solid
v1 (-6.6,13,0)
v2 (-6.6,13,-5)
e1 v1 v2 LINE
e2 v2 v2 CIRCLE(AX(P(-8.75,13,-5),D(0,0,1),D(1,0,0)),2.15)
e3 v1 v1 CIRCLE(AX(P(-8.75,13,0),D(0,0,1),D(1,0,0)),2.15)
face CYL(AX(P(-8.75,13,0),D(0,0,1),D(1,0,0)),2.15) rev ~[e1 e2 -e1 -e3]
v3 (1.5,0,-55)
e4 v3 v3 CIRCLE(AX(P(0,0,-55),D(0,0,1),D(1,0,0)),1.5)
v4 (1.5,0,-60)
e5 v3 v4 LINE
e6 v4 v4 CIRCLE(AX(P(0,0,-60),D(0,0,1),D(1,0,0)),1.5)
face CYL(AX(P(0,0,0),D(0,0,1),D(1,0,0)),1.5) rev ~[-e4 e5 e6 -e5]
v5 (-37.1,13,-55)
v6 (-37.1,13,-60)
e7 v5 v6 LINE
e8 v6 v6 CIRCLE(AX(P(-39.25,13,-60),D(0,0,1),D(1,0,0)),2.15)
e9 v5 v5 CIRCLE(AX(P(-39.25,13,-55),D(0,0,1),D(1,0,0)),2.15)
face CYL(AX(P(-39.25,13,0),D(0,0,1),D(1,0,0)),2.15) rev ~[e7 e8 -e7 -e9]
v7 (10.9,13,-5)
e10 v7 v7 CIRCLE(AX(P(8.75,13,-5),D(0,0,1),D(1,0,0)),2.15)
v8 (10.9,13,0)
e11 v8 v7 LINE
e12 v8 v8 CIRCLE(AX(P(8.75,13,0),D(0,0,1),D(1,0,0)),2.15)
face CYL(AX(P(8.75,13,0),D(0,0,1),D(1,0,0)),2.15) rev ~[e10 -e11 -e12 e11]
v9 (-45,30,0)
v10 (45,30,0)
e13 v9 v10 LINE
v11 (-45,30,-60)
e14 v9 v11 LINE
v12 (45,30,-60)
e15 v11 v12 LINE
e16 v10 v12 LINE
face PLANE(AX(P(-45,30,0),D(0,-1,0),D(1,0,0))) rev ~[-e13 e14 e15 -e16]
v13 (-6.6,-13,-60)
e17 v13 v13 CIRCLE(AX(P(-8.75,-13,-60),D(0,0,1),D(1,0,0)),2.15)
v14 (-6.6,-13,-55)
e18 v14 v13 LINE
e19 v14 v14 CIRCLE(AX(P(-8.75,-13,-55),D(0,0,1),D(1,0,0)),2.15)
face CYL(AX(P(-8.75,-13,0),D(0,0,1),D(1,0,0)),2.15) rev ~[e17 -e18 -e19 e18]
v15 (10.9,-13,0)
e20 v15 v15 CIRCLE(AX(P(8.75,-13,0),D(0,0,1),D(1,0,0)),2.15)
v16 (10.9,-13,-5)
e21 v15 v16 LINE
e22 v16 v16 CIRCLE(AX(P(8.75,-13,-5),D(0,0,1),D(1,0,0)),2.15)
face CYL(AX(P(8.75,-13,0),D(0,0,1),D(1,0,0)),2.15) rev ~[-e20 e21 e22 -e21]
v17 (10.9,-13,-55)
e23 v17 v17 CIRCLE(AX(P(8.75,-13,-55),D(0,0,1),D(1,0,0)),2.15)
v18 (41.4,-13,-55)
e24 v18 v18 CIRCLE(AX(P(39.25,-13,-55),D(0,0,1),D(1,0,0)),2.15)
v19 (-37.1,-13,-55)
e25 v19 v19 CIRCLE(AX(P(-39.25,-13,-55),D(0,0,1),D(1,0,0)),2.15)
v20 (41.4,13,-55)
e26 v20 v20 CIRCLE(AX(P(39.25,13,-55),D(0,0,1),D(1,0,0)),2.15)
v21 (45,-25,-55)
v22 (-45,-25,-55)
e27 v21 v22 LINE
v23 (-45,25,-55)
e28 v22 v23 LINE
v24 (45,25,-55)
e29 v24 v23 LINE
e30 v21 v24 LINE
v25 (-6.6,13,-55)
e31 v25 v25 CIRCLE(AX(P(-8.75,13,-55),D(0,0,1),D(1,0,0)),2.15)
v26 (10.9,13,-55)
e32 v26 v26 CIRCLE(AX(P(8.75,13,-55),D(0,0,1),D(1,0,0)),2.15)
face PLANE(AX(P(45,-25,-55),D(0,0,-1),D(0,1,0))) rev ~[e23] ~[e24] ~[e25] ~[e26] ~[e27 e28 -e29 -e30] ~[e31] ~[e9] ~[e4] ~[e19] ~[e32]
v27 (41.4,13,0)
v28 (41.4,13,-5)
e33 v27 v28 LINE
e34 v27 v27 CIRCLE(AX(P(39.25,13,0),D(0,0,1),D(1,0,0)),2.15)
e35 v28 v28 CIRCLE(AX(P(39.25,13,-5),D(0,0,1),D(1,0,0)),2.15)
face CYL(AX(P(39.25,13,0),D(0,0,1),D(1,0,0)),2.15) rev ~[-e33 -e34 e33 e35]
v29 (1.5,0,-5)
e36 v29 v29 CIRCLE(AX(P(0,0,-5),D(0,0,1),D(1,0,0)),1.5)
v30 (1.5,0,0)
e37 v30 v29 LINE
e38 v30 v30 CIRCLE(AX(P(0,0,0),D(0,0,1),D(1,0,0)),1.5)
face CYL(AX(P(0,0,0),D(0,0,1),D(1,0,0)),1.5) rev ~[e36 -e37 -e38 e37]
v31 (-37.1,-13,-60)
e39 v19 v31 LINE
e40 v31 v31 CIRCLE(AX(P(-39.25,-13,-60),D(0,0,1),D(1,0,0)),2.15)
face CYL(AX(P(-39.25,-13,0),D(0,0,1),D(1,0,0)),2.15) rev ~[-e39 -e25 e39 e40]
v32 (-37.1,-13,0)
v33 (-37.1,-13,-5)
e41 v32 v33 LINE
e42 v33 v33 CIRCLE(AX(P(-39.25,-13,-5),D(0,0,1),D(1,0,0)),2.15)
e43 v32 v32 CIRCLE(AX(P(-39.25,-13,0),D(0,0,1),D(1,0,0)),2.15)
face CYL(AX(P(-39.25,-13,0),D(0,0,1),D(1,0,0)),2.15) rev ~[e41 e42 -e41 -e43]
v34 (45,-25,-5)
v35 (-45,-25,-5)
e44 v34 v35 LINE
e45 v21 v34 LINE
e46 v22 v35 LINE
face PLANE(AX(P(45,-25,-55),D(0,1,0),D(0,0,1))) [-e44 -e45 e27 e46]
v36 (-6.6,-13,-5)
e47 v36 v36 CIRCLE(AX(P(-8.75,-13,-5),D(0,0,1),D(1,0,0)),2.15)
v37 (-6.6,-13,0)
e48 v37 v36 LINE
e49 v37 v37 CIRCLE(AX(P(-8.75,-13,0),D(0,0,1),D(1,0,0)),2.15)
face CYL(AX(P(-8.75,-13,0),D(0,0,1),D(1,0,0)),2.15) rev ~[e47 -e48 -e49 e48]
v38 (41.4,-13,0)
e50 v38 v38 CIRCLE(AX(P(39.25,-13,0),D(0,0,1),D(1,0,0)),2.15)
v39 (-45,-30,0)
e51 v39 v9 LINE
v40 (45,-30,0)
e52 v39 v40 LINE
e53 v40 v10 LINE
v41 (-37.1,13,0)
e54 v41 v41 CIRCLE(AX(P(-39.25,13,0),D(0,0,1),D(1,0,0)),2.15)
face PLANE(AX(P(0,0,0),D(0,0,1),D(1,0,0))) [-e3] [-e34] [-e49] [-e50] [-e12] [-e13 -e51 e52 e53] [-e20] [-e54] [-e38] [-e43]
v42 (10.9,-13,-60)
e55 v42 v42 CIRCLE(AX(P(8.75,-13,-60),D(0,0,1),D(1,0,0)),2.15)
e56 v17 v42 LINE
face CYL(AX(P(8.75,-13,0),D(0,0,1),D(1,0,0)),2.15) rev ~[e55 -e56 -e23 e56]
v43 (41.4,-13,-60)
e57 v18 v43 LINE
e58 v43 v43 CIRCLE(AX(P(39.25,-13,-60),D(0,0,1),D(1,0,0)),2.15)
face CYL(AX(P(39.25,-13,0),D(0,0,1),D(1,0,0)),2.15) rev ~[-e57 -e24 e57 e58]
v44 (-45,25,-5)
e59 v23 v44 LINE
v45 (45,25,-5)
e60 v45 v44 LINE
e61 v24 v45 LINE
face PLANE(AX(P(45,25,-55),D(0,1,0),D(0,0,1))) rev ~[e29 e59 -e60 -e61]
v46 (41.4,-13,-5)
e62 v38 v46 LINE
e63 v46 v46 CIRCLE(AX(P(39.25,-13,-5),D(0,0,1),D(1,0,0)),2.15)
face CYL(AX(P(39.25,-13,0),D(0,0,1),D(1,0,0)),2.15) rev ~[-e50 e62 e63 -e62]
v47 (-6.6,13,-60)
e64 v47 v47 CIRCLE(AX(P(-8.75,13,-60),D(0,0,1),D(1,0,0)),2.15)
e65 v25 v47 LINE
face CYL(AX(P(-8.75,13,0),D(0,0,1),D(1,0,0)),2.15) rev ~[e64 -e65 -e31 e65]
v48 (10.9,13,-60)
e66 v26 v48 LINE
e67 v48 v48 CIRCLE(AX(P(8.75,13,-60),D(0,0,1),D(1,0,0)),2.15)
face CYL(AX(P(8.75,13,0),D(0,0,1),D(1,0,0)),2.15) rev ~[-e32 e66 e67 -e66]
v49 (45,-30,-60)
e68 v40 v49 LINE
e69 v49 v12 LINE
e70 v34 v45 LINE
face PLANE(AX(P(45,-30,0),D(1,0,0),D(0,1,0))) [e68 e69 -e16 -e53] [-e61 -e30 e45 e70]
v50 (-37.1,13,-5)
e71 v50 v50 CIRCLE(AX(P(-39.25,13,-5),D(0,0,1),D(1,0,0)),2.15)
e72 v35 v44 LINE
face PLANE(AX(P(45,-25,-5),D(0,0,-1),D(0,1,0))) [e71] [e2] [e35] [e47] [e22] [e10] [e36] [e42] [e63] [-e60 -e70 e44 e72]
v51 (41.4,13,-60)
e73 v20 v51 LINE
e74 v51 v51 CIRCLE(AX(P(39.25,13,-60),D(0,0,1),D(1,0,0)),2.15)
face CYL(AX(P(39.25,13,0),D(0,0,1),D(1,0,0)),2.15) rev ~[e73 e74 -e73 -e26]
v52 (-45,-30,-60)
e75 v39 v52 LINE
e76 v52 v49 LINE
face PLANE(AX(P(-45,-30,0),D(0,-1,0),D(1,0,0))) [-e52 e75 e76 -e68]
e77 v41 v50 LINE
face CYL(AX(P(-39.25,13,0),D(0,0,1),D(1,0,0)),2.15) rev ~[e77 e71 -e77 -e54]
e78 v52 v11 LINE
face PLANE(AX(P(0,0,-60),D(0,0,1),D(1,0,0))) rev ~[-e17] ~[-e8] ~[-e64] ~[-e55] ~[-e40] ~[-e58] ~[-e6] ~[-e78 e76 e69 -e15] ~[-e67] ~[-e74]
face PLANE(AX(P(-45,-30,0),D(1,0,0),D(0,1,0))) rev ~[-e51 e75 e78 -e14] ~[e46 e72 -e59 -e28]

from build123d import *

# Parameters (mm, degrees)
F0_W     = 90
F0_H     = 60
F0_R     = 2.15
F1_DEPTH = 60
F2_R     = 1.5
F3_DEPTH = 60
F4_W     = 50
F4_H     = 50
F5_DEPTH = 90


with BuildPart() as f1:
    # F0 (on Top) → F1 (new body)
    with BuildSketch(Plane.XY):
        Rectangle(F0_W, F0_H)
        with Locations((-39.25, -13)):
            Circle(F0_R, mode=Mode.SUBTRACT)
        with Locations((-8.75, -13)):
            Circle(F0_R, mode=Mode.SUBTRACT)
        with Locations((8.75, -13)):
            Circle(F0_R, mode=Mode.SUBTRACT)
        with Locations((39.25, -13)):
            Circle(F0_R, mode=Mode.SUBTRACT)
        with Locations((-39.25, 13)):
            Circle(F0_R, mode=Mode.SUBTRACT)
        with Locations((-8.75, 13)):
            Circle(F0_R, mode=Mode.SUBTRACT)
        with Locations((8.75, 13)):
            Circle(F0_R, mode=Mode.SUBTRACT)
        with Locations((39.25, 13)):
            Circle(F0_R, mode=Mode.SUBTRACT)
    extrude(amount=-F1_DEPTH)

    # F2 (on face) → F3 (cut)
    with BuildSketch(Plane.XY):
        Circle(F2_R)
    extrude(amount=-F3_DEPTH, mode=Mode.SUBTRACT)

    # F4 (on face) → F5 (cut)
    with BuildSketch(Plane.YZ.offset(45)):
        with Locations((0, -30)):
            Rectangle(F4_W, F4_H)
    extrude(amount=-F5_DEPTH, mode=Mode.SUBTRACT)


solid = f1.part
